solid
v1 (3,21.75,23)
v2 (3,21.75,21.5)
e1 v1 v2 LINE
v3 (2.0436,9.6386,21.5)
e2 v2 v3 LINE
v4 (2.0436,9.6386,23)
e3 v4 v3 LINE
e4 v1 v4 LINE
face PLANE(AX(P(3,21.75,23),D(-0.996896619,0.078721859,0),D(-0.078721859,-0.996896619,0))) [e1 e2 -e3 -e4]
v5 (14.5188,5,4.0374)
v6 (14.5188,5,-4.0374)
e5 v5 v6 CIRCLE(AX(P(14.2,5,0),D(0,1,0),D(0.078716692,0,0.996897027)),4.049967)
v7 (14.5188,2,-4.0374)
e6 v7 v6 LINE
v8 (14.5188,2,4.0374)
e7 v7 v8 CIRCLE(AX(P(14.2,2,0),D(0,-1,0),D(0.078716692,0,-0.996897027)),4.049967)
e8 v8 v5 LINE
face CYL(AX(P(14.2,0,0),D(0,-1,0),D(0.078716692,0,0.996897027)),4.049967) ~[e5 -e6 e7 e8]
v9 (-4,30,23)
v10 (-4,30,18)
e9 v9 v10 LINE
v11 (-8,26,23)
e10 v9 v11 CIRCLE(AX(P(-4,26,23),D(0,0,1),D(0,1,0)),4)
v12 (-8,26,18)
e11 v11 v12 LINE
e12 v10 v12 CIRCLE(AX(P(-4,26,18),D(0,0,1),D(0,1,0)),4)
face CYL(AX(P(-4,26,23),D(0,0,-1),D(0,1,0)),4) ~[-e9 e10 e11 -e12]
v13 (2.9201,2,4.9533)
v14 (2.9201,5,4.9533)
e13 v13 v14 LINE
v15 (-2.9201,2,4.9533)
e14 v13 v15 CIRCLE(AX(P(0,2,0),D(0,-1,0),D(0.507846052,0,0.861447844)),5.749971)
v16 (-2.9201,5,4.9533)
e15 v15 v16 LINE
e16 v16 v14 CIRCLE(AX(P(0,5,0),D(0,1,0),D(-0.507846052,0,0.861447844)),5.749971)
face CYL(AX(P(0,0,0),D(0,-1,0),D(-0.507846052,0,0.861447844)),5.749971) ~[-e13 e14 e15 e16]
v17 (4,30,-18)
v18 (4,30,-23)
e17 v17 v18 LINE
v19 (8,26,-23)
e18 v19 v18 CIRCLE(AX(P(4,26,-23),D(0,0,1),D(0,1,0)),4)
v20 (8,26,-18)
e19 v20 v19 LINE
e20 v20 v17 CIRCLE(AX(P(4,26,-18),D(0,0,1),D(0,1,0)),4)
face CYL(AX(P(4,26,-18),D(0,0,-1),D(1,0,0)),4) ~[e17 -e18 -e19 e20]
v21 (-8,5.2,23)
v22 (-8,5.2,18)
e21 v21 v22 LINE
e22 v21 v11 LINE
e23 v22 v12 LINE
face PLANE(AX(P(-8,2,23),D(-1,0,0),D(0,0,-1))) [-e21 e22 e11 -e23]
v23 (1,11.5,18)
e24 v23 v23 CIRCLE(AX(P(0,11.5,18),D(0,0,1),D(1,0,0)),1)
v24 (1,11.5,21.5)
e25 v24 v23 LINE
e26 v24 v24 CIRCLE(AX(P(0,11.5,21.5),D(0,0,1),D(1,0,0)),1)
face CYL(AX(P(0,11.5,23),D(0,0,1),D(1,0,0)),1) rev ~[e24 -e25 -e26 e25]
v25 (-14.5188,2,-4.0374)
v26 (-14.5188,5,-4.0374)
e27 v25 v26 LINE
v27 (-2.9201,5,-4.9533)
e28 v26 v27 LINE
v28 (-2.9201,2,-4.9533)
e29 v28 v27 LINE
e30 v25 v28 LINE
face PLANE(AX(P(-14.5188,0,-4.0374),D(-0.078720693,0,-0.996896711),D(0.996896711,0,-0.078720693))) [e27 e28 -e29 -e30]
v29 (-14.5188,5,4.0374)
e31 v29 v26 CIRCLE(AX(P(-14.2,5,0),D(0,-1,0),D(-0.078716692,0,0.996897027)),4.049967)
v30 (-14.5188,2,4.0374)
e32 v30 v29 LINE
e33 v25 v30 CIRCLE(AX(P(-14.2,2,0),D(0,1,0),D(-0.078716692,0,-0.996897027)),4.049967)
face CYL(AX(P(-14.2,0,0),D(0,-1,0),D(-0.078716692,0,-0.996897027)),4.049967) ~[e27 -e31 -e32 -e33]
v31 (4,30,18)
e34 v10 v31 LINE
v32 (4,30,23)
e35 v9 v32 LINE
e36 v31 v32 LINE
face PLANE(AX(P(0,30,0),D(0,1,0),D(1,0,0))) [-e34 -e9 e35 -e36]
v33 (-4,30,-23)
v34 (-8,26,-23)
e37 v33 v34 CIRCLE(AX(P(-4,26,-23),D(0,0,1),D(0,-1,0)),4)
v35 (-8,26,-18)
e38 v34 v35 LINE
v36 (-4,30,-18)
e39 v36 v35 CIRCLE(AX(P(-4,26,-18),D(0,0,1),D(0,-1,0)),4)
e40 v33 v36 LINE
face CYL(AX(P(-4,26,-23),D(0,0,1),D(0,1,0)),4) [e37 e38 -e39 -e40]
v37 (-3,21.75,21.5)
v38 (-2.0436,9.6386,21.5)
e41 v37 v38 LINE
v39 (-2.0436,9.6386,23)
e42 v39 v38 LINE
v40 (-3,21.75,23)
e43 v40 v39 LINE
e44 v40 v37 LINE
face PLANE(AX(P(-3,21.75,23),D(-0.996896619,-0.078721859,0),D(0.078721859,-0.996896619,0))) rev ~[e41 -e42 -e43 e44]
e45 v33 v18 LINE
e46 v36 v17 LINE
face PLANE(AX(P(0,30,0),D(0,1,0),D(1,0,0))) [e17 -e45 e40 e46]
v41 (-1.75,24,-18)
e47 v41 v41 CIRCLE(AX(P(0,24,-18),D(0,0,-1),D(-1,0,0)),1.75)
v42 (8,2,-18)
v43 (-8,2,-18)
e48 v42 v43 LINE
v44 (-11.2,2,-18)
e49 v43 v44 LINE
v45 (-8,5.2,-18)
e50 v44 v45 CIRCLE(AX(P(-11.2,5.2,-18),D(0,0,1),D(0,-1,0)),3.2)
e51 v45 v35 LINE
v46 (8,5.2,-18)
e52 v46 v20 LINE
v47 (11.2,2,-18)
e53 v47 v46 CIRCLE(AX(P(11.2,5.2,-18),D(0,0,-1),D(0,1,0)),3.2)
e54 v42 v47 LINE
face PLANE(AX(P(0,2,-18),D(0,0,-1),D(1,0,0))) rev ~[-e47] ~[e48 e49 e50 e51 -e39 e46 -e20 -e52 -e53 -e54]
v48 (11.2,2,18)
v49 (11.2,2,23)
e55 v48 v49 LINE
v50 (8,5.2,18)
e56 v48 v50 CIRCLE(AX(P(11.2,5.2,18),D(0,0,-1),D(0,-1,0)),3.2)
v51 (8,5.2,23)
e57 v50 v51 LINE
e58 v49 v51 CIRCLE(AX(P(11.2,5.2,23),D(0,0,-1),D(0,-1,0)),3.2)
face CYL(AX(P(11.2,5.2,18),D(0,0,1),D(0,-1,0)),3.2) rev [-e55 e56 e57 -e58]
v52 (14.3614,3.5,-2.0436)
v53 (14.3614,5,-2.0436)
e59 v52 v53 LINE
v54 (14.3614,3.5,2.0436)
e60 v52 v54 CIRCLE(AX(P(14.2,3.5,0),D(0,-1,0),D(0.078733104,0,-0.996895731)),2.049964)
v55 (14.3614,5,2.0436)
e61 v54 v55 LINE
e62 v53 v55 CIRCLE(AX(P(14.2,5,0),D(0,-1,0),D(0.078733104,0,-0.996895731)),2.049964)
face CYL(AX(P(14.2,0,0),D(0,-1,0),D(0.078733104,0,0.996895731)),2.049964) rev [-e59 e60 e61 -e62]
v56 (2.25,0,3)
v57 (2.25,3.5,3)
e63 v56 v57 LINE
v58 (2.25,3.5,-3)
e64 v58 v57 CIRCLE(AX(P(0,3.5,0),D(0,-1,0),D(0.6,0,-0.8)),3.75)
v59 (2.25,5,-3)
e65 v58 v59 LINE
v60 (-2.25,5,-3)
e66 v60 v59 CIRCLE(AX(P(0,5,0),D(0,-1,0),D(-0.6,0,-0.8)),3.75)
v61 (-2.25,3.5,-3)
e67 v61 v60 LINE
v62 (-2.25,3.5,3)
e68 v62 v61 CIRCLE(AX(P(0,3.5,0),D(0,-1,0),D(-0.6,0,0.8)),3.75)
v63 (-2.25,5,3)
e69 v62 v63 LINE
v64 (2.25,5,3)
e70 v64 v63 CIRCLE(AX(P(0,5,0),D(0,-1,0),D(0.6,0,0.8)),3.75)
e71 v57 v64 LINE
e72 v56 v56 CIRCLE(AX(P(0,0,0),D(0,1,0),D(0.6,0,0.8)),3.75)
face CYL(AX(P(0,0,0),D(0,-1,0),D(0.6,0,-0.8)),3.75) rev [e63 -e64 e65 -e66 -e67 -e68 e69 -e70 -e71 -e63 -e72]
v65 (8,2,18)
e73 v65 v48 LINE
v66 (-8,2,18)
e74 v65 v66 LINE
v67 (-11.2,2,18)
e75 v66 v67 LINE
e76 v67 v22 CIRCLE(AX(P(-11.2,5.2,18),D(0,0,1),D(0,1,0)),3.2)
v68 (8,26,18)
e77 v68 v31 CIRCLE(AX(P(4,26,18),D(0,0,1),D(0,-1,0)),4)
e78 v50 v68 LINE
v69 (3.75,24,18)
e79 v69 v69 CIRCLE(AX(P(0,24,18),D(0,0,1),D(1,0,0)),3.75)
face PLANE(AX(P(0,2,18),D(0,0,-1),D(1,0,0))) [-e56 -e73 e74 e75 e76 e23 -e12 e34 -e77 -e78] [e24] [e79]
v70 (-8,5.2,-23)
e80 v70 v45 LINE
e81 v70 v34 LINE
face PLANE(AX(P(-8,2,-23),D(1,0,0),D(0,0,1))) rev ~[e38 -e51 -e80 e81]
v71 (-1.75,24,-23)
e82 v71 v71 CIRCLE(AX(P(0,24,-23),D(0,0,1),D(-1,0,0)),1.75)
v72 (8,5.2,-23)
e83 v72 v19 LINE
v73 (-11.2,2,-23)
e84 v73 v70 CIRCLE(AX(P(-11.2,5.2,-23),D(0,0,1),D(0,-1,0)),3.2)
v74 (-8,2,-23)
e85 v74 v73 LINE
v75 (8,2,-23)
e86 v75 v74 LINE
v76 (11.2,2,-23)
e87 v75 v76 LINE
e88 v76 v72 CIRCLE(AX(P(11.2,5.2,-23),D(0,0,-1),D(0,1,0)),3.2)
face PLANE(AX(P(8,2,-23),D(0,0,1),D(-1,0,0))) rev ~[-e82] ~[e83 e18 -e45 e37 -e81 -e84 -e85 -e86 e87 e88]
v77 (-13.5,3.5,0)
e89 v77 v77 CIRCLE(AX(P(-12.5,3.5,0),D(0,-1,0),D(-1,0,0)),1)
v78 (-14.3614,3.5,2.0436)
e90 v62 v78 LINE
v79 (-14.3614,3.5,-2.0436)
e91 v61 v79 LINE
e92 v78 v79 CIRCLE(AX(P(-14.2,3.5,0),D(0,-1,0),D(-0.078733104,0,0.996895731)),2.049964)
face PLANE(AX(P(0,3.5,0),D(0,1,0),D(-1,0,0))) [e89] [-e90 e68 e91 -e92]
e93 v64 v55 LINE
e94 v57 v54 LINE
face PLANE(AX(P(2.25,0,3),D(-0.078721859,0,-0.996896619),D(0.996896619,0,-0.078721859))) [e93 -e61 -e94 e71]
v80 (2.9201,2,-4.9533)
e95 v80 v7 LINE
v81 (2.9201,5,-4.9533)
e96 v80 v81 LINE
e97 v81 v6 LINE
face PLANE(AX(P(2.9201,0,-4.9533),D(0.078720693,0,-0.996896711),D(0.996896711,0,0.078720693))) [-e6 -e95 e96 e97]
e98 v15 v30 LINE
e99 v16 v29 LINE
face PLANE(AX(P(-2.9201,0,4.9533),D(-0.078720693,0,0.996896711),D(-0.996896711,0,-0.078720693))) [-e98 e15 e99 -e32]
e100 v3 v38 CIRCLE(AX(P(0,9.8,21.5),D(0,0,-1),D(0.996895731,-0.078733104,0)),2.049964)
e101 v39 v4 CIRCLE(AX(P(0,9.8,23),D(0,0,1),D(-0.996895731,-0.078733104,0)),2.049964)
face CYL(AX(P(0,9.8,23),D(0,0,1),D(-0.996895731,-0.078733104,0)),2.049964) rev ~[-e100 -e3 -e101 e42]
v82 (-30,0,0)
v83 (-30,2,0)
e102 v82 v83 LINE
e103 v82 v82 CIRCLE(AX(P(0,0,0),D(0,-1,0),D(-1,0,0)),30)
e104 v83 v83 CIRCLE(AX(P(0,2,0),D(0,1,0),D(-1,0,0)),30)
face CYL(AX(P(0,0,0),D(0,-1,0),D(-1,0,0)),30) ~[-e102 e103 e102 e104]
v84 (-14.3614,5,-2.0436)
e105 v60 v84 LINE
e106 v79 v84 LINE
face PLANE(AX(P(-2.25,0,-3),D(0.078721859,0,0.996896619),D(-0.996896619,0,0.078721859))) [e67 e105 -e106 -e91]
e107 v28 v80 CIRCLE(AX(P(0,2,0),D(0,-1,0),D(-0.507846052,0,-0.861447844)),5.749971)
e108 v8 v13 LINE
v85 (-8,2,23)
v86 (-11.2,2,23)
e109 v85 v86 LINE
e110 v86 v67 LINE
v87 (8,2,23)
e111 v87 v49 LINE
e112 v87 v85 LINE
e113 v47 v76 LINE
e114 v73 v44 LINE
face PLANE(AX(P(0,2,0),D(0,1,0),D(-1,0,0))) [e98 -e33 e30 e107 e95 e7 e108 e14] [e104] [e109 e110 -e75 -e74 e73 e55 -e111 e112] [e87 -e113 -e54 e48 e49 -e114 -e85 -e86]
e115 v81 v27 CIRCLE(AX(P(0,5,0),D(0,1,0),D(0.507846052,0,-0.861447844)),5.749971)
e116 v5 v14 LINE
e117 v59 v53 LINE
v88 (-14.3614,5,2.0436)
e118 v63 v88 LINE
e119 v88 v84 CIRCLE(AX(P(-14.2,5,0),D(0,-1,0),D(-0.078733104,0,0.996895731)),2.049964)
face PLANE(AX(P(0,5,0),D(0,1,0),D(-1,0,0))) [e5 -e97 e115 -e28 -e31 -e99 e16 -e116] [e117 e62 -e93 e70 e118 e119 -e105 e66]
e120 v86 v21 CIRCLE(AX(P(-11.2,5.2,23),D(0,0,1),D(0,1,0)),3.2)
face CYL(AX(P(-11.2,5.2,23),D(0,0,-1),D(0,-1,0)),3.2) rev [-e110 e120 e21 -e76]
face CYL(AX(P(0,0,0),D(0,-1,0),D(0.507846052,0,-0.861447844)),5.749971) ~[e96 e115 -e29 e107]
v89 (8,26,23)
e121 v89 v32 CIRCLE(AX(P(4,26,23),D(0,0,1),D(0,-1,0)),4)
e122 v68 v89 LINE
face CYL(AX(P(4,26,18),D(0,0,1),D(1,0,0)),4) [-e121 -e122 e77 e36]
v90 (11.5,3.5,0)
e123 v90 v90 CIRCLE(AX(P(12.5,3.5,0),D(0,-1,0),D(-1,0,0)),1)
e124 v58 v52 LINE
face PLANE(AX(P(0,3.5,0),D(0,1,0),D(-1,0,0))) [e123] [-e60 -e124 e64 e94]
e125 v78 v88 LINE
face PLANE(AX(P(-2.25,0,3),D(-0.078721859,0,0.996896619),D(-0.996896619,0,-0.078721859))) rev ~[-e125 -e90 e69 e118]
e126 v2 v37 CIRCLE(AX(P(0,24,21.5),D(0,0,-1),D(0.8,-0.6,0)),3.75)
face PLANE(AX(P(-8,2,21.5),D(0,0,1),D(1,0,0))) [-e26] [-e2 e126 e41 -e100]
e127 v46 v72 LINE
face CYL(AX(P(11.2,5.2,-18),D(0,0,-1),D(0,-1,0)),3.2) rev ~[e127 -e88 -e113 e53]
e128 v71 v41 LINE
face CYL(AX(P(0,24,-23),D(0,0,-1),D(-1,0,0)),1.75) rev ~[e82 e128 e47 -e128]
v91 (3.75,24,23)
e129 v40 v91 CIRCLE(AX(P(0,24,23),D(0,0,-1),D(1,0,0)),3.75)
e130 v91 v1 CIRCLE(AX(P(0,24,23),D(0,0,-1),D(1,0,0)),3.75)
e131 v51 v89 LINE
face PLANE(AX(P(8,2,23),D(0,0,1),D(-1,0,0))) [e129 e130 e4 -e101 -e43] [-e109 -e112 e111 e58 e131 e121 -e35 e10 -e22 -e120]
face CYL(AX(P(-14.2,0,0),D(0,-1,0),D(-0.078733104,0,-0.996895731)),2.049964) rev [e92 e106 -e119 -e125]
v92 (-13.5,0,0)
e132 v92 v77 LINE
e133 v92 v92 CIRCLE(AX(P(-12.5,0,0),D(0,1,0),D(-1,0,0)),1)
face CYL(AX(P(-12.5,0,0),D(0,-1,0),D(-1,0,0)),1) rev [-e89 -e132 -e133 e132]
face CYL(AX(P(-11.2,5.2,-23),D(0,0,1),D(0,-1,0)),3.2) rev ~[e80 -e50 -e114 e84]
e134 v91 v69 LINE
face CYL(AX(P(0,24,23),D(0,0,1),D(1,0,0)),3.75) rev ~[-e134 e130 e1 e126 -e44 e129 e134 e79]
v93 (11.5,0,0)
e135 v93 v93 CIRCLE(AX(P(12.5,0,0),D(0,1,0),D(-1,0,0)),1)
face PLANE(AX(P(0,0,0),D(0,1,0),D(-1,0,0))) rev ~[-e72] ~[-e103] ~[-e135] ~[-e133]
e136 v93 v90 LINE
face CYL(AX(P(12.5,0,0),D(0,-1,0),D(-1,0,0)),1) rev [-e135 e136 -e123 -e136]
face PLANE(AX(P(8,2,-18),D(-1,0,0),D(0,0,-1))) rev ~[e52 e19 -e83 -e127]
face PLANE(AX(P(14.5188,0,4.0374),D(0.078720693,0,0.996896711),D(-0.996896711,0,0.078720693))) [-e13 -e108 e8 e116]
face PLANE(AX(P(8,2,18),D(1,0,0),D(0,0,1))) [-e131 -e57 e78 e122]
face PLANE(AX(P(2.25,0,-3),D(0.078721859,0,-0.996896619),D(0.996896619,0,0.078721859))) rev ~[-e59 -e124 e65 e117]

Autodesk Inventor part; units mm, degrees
ref_plane "YZ Plane" through (0, 0, 0) normal (1, 0, 0) x (0, 1, 0)
ref_plane "XZ Plane" through (0, 0, 0) normal (0, 1, 0) x (-1, 0, 0)
ref_plane "XY Plane" through (0, 0, 0) normal (0, 0, 1) x (1, 0, 0)
sketch "スケッチ1" plane through (0, 0, 0) normal (0, 1, 0) x (-1, 0, 0)
  circle A0 centre (0, 0) radius 30
  line L0 (0, -50.5872) -> (0, 52.7432)
  line L1 (-2.25, -3) -> (-14.3614, -2.0436)
  line L2 (47.5195, 0) -> (-63.2606, 0)
  line L3 (-2.25, 3) -> (-14.3614, 2.0436)
  arc A1 (-14.3614, 2.0436) -> (-14.3614, -2.0436) centre (-14.2, 0) ccw
  line L4 (2.25, -3) -> (14.3614, -2.0436)
  line L5 (2.25, 3) -> (14.3614, 2.0436)
  arc A2 (14.3614, -2.0436) -> (14.3614, 2.0436) centre (14.2, 0) ccw
  arc A3 (-2.25, -3) -> (2.25, -3) centre (0, 0) ccw
  arc A4 (2.25, 3) -> (-2.25, 3) centre (0, 0) ccw
  circle A5 centre (-12.5, 0) radius 1
  circle A6 centre (12.5, 0) radius 1
  line L6 (14.5188, -4.0374) -> (2.9201, -4.9533)
  arc A7 (-2.9201, -4.9533) -> (2.9201, -4.9533) centre (0, 0) ccw
  line L7 (-2.9201, -4.9533) -> (-14.5188, -4.0374)
  arc A8 (-14.5188, 4.0374) -> (-14.5188, -4.0374) centre (-14.2, 0) ccw
  line L8 (-14.5188, 4.0374) -> (-2.9201, 4.9533)
  arc A9 (2.9201, 4.9533) -> (-2.9201, 4.9533) centre (0, 0) ccw
  line L9 (2.9201, 4.9533) -> (14.5188, 4.0374)
  arc A10 (14.5188, -4.0374) -> (14.5188, 4.0374) centre (14.2, 0) ccw
  arc A11 (2.25, -3) -> (2.25, 3) centre (0, 0) ccw
  arc A12 (-2.25, 3) -> (-2.25, -3) centre (0, 0) ccw
  dimension "d0" = 60
  dimension "d1" = 14.2
  dimension "d2" = 2.05
  dimension "d3" = 6
  dimension "d5" = 12.5
  dimension "d6" = 2
  dimension "d7" = 2
  dimension "d10" = 3.75
extrude "押し出し1" add sketch "スケッチ1" along normal blind 2 contours L2 A10 L9 A9 L0 A0 | A0 L0 A7 L6 A10 L2 | L0 A9 L8 A8 L2 A0 | A0 L2 A8 L7 A7 L0
extrude "押し出し2" add sketch "スケッチ1" along normal blind 5 contours A10 L6 A7 L0 A3 L4 A2 L2 | L2 A2 L5 A4 L0 A9 L9 A10 | L0 A4 L3 A1 L2 A8 L8 A9 | A7 L7 A8 L2 A1 L1 A3 L0
extrude "押し出し3" add sketch "スケッチ1" along normal blind 3.5 contours A2 L4 A11 L2 A6 | L2 A6 A11 L5 A2 | A1 L3 A12 L2 A5 | L2 A5 A12 L1 A1
sketch "スケッチ2" plane through (0, 2, 0) normal (0, 1, 0) x (1, 0, 0)
  line L0 (0, 57.7571) -> (0, -77.3728)
  line L1 (-74.0829, 0) -> (96.0409, 0)
  line L2 (-8, 18) -> (8, 18)
  line L3 (8, 18) -> (8, 23)
  line L4 (8, 23) -> (-8, 23)
  line L5 (-8, 23) -> (-8, 18)
  line L6 (-8, -18) -> (8, -18)
  line L7 (8, -18) -> (8, -23)
  line L8 (8, -23) -> (-8, -23)
  line L9 (-8, -23) -> (-8, -18)
  point P0 (0, 0)
  dimension "d15" = 36
  dimension "d16" = 16
  dimension "d17" = 5
extrude "押し出し4" add sketch "スケッチ2" along normal blind 28
sketch "スケッチ4" plane through (-8, 2, 23) normal (0, 0, 1) x (1, 0, 0)
  line L0 (0, 28) -> (16, 28) projected
  line L1 (8, 28) -> (8, 0)
  line L2 (38, 0) -> (-22, 0) projected
  circle A0 centre (8, 22) radius 3.75
  arc A1 (5.9564, 7.6386) -> (10.0436, 7.6386) centre (8, 7.8) ccw
  line L3 (5, 19.75) -> (5.9564, 7.6386)
  line L4 (11, 19.75) -> (10.0436, 7.6386)
  circle A2 centre (8, 9.5) radius 1
  point P0 (8, -2)
  dimension "d20" = 14.2
  dimension "d21" = 2
  dimension "d22" = 6
  dimension "d23" = 7.5
  dimension "d24" = 22
  dimension "d25" = 2.05
  dimension "d26" = 12.5
extrude "押し出し5" cut sketch "スケッチ4" against normal up to surface (5 mm away) contours A0 L1 | L1 A0 | A2 L1 | L1 A2
extrude "押し出し6" cut sketch "スケッチ4" against normal blind 1.5 contours A0 L4 A1 L1 A2 | L1 A2 A1 L3 A0
sketch "スケッチ5" plane through (8, 2, -23) normal (0, 0, -1) x (-1, 0, 0)
  line L0 (16, 28) -> (0, 28) projected
  line L1 (8, 28) -> (8, 0)
  line L2 (38, 0) -> (-22, 0) projected
  circle A0 centre (8, 22) radius 1.75
  circle A1 centre (8, 22) radius 3.75 projected
  point P0 (8, -2)
  dimension "d31" = 3.5
extrude "押し出し7" cut sketch "スケッチ5" against normal up to surface (5 mm away) contours A0 L1 | L1 A0
fillet "フィレット1" radius 3.2 4 edges at (8, 2, -20.5) (8, 2, 20.5) (-8, 2, -20.5) (-8, 2, 20.5)
fillet "フィレット2" radius 4 4 edges at (-8, 30, -20.5) (8, 30, -20.5) (-8, 30, 20.5) (8, 30, 20.5)
properties part number "axis1"
